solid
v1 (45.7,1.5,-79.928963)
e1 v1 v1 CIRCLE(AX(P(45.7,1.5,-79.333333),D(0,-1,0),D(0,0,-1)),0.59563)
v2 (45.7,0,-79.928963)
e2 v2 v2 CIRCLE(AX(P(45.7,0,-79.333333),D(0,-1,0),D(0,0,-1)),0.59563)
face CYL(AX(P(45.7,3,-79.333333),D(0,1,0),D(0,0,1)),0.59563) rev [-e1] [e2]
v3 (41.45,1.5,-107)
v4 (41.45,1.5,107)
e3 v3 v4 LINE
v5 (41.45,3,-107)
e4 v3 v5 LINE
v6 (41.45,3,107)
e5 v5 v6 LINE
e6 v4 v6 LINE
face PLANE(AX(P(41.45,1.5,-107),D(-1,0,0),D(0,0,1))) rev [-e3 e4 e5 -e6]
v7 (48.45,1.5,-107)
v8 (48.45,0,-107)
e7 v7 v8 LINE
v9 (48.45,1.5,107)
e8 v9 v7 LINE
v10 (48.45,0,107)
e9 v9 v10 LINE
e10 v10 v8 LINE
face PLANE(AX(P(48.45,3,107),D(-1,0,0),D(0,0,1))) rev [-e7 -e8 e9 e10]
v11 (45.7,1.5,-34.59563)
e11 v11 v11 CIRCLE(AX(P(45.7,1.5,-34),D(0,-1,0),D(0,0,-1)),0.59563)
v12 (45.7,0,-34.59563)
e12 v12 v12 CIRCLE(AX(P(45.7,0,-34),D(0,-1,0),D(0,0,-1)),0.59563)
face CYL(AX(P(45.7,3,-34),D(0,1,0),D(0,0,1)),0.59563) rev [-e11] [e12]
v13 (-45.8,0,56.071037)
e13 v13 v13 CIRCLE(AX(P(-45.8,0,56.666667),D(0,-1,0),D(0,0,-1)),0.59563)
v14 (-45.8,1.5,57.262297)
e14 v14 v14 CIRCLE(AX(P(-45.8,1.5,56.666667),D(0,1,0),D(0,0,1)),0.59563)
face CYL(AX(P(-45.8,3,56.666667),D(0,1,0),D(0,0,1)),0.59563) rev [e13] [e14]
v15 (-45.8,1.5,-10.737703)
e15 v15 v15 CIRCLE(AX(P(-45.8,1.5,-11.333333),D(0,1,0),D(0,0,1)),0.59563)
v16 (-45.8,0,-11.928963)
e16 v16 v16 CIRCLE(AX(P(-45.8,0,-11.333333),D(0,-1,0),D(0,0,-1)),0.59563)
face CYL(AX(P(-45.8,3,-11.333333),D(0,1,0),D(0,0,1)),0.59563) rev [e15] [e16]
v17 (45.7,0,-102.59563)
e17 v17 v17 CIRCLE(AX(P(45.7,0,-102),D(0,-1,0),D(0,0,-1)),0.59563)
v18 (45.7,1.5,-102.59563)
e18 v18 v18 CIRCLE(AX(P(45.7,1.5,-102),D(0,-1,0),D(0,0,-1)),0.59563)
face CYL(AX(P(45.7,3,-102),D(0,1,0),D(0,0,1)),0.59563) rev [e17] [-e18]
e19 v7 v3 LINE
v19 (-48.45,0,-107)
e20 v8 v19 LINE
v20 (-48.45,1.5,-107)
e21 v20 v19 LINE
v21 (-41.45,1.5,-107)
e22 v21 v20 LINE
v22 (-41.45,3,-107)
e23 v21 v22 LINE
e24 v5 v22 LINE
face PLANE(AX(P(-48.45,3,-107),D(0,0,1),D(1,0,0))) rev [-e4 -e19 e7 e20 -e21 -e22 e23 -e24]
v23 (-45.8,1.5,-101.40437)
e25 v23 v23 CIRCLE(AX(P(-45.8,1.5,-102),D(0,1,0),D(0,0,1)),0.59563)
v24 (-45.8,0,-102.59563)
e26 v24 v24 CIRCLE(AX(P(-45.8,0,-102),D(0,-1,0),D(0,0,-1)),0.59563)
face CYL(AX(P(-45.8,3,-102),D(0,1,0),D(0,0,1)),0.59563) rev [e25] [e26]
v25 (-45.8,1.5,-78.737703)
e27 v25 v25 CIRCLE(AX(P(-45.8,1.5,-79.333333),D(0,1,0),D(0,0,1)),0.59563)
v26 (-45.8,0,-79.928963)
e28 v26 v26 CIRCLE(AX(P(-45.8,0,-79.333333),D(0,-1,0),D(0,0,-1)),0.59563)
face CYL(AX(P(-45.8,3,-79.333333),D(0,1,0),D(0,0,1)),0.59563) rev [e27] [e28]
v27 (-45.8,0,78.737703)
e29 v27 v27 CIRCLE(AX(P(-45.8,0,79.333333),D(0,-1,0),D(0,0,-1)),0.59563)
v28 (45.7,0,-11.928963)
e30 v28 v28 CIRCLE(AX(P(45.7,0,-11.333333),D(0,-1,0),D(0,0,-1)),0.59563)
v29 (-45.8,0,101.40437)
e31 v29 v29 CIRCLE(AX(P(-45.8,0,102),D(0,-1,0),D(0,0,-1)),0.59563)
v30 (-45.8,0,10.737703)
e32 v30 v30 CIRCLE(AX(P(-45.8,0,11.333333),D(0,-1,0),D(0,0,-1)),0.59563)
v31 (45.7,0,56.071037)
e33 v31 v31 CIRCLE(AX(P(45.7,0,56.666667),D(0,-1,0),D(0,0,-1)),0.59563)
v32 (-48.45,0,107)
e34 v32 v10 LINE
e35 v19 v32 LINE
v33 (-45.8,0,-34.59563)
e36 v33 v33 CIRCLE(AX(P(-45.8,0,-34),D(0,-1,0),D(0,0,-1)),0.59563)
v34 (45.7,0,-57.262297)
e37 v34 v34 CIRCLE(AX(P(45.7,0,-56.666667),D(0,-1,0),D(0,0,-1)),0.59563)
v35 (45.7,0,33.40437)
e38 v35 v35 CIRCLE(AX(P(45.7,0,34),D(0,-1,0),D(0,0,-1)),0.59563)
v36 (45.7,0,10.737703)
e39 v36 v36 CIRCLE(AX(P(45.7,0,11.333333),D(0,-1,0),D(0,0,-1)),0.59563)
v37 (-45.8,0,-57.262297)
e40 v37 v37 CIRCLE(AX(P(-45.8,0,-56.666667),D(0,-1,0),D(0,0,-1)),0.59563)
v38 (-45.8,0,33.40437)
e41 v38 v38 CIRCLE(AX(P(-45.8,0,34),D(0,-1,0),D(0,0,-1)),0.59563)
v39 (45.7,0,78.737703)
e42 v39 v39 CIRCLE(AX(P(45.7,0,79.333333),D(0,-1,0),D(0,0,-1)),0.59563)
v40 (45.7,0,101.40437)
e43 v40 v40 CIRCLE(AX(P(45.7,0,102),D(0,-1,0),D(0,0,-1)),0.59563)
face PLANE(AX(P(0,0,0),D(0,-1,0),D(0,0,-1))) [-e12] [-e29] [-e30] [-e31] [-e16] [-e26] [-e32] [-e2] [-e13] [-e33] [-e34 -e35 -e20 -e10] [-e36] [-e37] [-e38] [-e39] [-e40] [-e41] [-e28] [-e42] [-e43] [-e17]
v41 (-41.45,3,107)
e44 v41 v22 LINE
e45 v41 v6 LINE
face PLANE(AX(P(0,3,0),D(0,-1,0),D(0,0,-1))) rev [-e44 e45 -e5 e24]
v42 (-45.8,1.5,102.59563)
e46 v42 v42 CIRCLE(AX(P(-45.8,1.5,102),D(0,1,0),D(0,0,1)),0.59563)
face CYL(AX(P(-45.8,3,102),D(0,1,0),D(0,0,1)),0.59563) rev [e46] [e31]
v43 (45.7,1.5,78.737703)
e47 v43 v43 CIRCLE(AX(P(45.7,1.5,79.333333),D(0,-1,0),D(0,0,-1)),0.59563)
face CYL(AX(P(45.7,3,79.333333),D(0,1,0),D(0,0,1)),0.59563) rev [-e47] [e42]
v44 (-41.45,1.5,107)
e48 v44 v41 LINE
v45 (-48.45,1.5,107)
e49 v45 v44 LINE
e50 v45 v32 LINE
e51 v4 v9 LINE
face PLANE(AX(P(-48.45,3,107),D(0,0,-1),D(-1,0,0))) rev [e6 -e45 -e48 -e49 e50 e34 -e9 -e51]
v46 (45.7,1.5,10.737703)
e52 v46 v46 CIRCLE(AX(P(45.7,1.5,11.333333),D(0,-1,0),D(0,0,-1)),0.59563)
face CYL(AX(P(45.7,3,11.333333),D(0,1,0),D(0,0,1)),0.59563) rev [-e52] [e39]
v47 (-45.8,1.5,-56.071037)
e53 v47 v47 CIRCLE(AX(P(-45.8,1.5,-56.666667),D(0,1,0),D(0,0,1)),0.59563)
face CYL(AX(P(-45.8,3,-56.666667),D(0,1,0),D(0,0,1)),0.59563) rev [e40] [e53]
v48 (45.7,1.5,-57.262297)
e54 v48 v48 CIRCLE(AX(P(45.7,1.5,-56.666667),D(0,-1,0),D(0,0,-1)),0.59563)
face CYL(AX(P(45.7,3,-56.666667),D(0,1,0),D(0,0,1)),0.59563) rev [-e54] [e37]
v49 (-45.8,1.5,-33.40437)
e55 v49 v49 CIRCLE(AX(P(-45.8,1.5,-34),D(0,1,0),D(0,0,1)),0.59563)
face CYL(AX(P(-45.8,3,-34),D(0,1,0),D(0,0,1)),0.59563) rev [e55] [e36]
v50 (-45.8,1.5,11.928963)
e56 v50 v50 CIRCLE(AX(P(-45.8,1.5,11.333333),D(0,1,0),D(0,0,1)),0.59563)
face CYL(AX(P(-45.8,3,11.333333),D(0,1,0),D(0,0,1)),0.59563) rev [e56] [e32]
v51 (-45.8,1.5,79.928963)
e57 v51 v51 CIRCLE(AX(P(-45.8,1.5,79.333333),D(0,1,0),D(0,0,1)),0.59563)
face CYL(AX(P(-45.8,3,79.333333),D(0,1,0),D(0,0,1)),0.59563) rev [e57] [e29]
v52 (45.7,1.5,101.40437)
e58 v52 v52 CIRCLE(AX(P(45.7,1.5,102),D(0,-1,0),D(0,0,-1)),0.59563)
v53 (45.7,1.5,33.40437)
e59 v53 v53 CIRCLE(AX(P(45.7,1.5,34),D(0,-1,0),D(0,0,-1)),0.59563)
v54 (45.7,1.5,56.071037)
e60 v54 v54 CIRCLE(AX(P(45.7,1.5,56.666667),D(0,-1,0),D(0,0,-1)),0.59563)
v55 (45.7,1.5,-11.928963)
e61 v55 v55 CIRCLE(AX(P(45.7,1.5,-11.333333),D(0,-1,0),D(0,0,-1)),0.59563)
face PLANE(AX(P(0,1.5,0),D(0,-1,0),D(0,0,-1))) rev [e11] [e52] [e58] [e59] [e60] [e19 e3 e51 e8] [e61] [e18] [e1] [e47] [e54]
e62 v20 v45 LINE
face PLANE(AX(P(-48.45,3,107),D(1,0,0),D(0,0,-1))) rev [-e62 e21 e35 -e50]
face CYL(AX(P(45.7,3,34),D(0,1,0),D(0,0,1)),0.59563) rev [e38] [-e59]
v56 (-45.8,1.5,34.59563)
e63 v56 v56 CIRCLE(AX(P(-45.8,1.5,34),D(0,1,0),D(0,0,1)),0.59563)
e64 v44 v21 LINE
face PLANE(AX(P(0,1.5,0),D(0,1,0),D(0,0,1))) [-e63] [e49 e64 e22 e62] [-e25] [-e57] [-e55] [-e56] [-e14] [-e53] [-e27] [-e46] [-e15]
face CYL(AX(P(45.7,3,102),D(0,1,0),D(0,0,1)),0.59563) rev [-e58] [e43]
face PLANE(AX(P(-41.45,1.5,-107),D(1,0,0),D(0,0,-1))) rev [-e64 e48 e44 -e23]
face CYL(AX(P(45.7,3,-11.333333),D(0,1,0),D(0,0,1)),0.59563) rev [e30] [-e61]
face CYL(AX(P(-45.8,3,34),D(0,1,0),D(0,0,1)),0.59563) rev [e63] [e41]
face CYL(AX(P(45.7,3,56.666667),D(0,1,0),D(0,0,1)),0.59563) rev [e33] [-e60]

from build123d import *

# Parameters (mm, degrees)
SKETCH1_W                 = 96.9
SKETCH1_H                 = 214
BOSS_EXTRUDE1_DEPTH       = 3
SKETCH2_W                 = 7
SKETCH2_H                 = 214
CUT_EXTRUDE1_DEPTH        = 1.5
F_0_80_TAPPED_HOLE1_D     = 1.19126
F_0_80_TAPPED_HOLE1_DEPTH = 4.0005
F_0_80_TAPPED_HOLE1_TIP   = 0.357890611


with BuildPart() as part:
    # Sketch1 → Boss-Extrude1 (new body)
    with BuildSketch(Plane(origin=(0, 0, 0), x_dir=(1, 0, 0), z_dir=(0, 1, 0))):
        Rectangle(SKETCH1_W, SKETCH1_H)
    extrude(amount=BOSS_EXTRUDE1_DEPTH)

    # Sketch2 → Cut-Extrude1 (cut)
    with BuildSketch(Plane(origin=(0, 3, 0), x_dir=(1, 0, 0), z_dir=(0, 1, 0))):
        with Locations((44.95, 0)):
            Rectangle(SKETCH2_W, SKETCH2_H)
        with Locations((-44.95, 0)):
            Rectangle(SKETCH2_W, SKETCH2_H)
    extrude(amount=-CUT_EXTRUDE1_DEPTH, mode=Mode.SUBTRACT)

    # #0-80 Tapped Hole1
    with Locations(Plane(origin=(0, 3, 0), x_dir=(1, 0, 0), z_dir=(0, 1, 0))):
        with Locations((45.7, -102), (-45.8, -102), (45.7, -79.333333333), (-45.8, -79.333333333), (45.7, -56.666666667), (-45.8, -56.666666667), (45.7, -34), (-45.8, -34), (45.7, -11.333333333), (-45.8, -11.333333333), (45.7, 11.333333333), (-45.8, 11.333333333), (45.7, 34), (-45.8, 34), (45.7, 56.666666667), (-45.8, 56.666666667), (45.7, 79.333333333), (-45.8, 79.333333333), (45.7, 102), (-45.8, 102)):
            Hole(F_0_80_TAPPED_HOLE1_D / 2, depth=F_0_80_TAPPED_HOLE1_DEPTH)
            with Locations((0, 0, -(F_0_80_TAPPED_HOLE1_DEPTH + F_0_80_TAPPED_HOLE1_TIP / 2))):  # 118° drill point
                Cone(0, F_0_80_TAPPED_HOLE1_D / 2, F_0_80_TAPPED_HOLE1_TIP, mode=Mode.SUBTRACT)


solid = part.part
